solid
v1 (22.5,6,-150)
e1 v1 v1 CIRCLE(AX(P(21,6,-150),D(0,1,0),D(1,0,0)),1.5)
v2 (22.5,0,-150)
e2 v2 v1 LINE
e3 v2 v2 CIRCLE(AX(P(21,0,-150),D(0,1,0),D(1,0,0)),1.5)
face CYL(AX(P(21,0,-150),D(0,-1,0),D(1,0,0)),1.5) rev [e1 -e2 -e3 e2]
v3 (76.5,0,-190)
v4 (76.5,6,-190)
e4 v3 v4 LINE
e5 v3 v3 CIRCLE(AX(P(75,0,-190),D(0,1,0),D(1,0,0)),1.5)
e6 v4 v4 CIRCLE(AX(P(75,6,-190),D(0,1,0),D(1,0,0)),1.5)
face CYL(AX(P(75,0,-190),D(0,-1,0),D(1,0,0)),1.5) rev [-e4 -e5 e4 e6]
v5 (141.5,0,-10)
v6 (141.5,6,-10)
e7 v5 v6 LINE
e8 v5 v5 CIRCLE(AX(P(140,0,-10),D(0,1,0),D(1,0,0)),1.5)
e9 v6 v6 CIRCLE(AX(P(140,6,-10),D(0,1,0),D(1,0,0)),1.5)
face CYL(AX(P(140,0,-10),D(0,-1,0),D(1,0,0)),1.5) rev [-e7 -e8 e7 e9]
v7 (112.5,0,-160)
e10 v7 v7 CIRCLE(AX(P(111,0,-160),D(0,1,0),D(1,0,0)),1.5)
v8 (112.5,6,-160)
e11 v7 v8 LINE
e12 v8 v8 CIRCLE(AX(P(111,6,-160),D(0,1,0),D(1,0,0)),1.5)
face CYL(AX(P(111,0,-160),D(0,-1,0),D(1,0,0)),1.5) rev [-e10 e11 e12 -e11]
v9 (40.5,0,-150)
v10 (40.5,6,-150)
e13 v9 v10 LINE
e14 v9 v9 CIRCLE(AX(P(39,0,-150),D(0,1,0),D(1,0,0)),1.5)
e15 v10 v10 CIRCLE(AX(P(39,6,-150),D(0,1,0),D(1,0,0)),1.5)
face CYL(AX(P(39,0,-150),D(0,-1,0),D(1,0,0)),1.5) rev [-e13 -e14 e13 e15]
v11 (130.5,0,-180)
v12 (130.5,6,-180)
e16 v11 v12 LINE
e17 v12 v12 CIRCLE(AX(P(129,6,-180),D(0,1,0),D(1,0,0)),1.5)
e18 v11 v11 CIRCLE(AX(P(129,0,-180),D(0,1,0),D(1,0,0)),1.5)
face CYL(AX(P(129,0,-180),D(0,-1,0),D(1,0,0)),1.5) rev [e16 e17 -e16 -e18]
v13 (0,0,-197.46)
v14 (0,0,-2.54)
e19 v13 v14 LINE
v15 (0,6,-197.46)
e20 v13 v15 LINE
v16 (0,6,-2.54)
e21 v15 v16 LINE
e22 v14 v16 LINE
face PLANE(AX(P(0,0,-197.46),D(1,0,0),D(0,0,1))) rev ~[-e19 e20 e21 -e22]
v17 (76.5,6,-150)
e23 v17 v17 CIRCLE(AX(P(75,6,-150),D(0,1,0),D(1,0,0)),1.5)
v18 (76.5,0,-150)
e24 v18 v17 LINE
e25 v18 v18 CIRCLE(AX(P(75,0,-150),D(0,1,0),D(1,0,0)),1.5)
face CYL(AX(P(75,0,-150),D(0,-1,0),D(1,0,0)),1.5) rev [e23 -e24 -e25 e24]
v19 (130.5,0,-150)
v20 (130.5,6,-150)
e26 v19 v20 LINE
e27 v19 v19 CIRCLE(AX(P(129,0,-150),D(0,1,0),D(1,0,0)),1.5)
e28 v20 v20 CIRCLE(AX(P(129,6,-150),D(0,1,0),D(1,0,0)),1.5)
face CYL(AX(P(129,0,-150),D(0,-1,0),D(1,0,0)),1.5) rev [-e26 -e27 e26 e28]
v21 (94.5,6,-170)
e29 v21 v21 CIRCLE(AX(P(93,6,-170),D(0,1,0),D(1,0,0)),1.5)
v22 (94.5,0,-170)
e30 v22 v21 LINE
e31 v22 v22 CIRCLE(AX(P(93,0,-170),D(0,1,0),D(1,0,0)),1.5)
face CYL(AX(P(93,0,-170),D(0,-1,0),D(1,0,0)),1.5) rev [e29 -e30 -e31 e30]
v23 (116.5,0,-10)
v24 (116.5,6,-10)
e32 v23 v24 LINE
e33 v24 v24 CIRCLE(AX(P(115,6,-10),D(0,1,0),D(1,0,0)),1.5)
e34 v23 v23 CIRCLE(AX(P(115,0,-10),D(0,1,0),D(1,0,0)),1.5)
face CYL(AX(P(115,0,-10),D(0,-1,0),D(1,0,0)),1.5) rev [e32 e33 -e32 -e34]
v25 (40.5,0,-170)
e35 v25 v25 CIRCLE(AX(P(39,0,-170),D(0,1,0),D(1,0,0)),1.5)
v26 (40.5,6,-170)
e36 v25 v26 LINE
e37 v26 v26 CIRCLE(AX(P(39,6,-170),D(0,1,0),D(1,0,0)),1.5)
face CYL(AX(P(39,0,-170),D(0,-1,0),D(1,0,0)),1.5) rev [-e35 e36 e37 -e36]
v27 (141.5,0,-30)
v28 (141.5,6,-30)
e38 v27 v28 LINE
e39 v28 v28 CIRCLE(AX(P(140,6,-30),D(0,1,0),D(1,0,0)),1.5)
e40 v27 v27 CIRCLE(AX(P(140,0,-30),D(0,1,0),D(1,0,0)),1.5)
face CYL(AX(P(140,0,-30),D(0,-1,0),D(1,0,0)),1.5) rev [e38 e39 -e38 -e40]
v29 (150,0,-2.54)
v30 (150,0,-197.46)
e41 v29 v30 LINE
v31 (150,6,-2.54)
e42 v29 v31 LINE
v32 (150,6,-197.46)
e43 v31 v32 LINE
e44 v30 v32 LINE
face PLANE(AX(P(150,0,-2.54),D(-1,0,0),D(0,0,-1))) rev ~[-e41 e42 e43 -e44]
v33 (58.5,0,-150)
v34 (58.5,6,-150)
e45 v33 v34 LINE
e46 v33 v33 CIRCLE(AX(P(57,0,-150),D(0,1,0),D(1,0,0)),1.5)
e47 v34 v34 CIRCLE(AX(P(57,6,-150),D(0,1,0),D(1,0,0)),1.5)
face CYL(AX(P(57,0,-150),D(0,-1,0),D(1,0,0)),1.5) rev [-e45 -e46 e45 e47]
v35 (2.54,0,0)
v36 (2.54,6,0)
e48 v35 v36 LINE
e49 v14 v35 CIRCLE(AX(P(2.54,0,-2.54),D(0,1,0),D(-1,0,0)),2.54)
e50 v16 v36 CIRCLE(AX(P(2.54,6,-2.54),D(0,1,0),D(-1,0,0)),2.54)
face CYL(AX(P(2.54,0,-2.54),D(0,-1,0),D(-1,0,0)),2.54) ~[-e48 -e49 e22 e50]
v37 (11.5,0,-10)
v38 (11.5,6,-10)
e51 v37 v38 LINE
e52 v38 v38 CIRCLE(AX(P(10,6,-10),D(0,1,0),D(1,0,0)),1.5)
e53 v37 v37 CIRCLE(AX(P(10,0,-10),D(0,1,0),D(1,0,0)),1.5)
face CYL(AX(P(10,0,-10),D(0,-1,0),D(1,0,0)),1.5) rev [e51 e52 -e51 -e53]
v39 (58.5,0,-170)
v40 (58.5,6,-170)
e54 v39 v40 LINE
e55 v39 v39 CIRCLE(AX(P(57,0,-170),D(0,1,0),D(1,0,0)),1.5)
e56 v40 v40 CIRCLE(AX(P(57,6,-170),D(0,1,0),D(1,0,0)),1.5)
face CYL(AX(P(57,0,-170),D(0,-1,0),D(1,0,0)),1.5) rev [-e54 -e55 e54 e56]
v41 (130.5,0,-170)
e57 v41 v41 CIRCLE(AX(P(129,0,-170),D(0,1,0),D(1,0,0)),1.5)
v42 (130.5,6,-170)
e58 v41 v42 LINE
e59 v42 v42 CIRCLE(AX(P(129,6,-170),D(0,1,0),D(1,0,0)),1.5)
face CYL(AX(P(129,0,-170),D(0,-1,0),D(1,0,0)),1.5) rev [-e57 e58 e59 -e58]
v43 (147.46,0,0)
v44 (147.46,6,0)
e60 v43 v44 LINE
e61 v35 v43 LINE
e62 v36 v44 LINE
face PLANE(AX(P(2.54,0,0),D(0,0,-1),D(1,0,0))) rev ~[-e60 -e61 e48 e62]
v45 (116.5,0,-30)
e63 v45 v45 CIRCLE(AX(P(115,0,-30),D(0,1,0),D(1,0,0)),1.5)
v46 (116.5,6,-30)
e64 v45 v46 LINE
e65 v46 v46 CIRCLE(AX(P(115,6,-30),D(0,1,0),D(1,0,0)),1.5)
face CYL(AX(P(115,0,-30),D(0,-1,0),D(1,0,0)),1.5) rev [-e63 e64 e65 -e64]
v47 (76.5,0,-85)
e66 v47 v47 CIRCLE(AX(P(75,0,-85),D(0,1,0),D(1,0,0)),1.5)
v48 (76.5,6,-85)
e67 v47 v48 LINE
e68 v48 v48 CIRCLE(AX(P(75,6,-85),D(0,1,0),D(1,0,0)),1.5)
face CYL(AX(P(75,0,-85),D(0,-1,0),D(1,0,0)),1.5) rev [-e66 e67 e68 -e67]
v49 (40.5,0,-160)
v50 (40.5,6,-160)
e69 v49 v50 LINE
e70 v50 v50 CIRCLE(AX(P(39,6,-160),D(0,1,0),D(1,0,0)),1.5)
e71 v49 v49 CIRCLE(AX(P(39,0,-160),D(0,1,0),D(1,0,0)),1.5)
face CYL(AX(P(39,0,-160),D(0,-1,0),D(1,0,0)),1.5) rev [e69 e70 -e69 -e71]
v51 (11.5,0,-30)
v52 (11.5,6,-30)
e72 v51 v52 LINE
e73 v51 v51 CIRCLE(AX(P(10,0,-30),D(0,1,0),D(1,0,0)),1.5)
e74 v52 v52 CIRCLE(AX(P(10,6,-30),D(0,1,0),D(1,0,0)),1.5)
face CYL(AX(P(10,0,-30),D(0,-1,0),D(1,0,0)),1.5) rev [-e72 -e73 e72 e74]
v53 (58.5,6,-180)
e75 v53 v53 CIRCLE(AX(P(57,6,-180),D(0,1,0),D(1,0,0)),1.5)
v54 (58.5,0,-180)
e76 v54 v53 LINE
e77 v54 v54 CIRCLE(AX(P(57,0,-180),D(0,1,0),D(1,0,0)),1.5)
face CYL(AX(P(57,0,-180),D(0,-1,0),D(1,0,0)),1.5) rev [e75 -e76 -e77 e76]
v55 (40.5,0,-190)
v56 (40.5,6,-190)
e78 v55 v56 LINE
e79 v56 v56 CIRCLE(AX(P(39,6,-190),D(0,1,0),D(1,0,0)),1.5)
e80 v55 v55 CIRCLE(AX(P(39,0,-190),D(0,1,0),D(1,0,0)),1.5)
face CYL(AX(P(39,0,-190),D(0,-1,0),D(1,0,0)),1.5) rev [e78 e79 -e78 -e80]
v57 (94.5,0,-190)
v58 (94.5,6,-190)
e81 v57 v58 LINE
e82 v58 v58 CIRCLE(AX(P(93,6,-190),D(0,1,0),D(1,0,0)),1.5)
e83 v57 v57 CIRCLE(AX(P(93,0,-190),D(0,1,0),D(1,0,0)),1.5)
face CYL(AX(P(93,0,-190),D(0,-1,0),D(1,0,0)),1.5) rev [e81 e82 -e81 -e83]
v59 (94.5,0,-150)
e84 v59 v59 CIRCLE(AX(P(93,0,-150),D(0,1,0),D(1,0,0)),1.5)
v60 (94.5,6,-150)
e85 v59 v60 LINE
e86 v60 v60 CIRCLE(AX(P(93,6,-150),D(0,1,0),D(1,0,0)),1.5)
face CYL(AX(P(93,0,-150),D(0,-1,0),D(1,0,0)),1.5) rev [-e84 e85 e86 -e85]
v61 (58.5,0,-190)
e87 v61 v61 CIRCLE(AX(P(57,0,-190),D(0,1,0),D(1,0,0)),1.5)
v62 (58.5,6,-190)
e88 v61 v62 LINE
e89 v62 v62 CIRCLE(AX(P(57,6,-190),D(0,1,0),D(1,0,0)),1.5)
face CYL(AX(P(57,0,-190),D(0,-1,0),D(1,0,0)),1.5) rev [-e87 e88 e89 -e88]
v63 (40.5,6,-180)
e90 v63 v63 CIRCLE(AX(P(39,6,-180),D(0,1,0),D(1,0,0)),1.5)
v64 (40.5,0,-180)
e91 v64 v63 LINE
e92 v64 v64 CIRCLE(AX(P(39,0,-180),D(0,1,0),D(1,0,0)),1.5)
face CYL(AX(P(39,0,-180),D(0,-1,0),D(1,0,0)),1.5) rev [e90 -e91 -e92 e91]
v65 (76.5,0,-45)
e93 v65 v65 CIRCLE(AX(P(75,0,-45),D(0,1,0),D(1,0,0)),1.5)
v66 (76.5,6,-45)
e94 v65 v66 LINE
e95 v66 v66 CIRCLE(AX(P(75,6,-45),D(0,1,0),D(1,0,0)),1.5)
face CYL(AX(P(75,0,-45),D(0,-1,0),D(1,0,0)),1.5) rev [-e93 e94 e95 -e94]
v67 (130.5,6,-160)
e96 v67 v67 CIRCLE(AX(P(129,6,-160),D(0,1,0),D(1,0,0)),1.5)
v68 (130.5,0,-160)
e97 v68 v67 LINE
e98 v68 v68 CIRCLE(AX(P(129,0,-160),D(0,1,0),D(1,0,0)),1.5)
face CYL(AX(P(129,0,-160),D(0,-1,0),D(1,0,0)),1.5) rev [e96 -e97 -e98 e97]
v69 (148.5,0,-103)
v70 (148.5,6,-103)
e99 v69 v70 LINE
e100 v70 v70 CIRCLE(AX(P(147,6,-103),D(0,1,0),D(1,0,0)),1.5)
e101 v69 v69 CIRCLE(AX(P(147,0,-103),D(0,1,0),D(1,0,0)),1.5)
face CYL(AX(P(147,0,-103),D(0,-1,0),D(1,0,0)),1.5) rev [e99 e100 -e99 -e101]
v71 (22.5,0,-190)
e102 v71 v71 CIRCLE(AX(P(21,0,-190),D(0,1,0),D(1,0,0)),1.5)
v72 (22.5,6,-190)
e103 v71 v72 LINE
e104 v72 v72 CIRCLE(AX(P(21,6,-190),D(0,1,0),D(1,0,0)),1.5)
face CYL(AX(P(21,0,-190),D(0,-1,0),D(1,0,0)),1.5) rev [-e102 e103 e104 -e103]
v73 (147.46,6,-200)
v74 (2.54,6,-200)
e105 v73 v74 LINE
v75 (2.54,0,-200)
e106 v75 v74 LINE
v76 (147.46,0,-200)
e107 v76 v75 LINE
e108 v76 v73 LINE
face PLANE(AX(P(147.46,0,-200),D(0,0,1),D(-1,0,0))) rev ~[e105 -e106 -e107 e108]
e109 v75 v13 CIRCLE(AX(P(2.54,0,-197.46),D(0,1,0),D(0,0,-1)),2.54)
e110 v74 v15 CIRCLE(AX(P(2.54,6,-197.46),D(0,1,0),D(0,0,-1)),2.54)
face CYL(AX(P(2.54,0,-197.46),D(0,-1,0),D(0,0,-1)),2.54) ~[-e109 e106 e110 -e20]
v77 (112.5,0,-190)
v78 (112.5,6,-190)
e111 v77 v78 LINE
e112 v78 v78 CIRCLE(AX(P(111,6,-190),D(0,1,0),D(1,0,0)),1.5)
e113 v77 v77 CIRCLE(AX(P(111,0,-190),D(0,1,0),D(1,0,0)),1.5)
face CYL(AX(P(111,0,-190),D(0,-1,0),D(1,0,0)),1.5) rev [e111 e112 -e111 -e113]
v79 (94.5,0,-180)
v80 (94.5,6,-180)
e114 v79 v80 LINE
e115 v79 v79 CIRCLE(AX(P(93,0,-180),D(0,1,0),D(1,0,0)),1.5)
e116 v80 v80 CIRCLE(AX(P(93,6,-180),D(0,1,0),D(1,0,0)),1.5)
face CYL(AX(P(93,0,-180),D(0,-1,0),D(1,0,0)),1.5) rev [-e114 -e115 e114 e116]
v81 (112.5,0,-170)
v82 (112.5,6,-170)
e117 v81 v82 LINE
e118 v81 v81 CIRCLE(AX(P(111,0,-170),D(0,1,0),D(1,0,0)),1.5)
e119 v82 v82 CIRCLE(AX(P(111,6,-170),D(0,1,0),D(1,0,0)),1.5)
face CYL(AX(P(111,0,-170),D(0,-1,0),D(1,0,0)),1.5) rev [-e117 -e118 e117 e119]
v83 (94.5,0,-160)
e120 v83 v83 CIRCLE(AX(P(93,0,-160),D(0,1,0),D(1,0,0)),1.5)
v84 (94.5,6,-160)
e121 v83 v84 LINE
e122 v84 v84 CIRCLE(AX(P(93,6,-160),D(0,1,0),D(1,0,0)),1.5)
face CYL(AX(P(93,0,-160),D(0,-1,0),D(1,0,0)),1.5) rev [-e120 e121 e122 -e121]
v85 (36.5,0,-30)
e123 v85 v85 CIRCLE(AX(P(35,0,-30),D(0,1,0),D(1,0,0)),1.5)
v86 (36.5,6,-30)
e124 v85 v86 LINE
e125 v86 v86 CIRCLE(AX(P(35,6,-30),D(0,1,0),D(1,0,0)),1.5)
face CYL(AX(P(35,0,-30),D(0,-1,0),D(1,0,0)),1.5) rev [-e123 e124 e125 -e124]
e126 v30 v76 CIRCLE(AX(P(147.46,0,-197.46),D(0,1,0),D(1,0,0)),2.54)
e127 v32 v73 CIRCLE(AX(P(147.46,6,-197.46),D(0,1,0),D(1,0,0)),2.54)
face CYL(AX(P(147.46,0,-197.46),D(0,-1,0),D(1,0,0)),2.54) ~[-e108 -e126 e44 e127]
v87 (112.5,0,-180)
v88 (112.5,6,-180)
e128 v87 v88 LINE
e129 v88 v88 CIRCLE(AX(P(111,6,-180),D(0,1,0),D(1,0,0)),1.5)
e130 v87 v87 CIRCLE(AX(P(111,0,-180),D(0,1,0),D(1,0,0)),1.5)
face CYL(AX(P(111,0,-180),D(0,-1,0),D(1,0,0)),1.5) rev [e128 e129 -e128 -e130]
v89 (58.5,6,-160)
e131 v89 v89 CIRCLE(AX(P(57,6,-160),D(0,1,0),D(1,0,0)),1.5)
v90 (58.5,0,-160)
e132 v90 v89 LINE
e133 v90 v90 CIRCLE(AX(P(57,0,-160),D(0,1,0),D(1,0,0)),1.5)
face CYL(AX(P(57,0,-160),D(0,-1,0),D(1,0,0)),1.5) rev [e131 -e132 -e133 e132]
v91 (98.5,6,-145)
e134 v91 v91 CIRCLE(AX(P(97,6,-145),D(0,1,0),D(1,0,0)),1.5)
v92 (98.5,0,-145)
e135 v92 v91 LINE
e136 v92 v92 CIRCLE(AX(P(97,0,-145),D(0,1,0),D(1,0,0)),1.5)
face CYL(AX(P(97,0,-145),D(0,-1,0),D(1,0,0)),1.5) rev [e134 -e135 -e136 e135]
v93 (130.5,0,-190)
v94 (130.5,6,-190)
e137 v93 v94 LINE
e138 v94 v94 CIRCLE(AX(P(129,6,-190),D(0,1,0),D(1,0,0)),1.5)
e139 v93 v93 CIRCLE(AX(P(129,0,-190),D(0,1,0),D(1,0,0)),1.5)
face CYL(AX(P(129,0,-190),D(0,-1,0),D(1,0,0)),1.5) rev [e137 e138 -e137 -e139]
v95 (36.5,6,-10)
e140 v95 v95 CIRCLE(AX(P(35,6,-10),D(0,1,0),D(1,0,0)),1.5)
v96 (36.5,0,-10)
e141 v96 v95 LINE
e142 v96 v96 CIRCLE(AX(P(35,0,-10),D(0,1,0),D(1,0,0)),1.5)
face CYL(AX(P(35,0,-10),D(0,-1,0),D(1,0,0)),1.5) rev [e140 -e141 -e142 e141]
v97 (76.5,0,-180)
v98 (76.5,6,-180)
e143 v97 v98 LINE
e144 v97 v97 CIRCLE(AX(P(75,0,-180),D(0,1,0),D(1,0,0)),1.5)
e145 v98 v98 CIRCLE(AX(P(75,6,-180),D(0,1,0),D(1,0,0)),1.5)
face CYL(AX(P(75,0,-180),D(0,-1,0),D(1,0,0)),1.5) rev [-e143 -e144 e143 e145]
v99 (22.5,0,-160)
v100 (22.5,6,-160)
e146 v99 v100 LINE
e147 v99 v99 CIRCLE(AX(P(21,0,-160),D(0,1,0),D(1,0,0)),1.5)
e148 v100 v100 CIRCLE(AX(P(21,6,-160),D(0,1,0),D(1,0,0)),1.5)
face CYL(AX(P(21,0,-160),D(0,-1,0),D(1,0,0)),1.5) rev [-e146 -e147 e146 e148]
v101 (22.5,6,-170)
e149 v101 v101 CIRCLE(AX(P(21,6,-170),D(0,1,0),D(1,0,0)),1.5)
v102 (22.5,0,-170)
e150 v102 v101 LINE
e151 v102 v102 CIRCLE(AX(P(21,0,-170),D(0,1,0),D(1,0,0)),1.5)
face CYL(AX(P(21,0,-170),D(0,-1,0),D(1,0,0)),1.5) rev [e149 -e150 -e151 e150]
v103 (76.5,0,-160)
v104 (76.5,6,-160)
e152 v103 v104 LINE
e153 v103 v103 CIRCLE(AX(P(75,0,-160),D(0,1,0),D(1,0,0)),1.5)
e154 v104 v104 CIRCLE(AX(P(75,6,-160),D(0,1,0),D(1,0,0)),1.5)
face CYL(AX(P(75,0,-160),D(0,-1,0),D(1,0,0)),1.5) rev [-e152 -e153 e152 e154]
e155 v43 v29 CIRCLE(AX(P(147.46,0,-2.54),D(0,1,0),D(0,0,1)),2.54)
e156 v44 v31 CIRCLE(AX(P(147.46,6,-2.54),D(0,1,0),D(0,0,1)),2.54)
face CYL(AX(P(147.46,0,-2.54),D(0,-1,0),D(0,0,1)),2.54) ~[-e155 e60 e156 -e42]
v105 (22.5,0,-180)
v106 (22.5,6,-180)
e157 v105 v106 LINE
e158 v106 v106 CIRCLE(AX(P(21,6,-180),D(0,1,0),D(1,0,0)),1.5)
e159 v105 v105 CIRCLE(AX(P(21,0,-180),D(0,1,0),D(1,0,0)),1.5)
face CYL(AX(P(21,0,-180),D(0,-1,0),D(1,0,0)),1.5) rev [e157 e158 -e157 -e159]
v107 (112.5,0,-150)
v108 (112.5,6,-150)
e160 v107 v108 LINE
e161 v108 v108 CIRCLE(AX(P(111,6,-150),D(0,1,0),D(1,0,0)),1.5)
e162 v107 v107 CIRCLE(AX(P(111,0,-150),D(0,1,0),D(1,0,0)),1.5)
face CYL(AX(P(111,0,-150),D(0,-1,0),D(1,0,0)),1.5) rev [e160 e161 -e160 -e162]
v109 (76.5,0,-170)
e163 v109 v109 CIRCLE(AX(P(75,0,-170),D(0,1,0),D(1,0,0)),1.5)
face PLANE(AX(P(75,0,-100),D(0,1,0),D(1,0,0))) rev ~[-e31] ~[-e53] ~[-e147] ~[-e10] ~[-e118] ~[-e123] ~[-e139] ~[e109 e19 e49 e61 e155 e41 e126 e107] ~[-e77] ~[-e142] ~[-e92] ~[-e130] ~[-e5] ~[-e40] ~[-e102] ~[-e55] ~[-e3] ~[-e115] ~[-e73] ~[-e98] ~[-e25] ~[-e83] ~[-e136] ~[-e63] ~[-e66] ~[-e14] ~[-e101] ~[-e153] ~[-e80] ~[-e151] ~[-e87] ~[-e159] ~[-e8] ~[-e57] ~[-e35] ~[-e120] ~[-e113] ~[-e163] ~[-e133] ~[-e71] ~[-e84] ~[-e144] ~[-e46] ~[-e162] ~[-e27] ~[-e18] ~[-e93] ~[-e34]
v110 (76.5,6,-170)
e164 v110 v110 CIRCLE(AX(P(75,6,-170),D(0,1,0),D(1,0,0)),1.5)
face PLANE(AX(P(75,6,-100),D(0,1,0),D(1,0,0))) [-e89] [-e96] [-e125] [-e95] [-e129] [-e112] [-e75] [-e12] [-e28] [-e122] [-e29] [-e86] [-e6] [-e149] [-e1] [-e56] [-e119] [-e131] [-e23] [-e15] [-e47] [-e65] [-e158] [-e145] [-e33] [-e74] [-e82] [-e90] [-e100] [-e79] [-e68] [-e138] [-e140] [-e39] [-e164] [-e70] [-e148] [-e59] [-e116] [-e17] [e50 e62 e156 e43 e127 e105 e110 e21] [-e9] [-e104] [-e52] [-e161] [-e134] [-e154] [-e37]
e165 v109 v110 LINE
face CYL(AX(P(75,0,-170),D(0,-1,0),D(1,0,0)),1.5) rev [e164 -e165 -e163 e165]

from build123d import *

# Parameters (mm, degrees)
SKETCH1_R           = 1.5
BOSS_EXTRUDE1_DEPTH = 6


with BuildPart() as part:
    # Sketch1 → Boss-Extrude1 (new body)
    with BuildSketch(Plane(origin=(0, 0, 0), x_dir=(1, 0, 0), z_dir=(0, 1, 0))):
        with BuildLine():
            Line((2.54, 0), (147.46, 0))
            ThreePointArc((147.46, 0), (149.256051224, 0.743948776), (150, 2.54))
            Line((150, 2.54), (150, 197.46))
            ThreePointArc((150, 197.46), (149.256051224, 199.256051224), (147.46, 200))
            Line((147.46, 200), (2.54, 200))
            ThreePointArc((2.54, 200), (0.743948776, 199.256051224), (0, 197.46))
            Line((0, 197.46), (0, 2.54))
            ThreePointArc((0, 2.54), (0.743948776, 0.743948776), (2.54, 0))
        make_face()
        with Locations((10, 30)):
            Circle(SKETCH1_R, mode=Mode.SUBTRACT)
        with Locations((35, 30)):
            Circle(SKETCH1_R, mode=Mode.SUBTRACT)
        with Locations((35, 10)):
            Circle(SKETCH1_R, mode=Mode.SUBTRACT)
        with Locations((10, 10)):
            Circle(SKETCH1_R, mode=Mode.SUBTRACT)
        with Locations((140, 10)):
            Circle(SKETCH1_R, mode=Mode.SUBTRACT)
        with Locations((115, 10)):
            Circle(SKETCH1_R, mode=Mode.SUBTRACT)
        with Locations((115, 30)):
            Circle(SKETCH1_R, mode=Mode.SUBTRACT)
        with Locations((140, 30)):
            Circle(SKETCH1_R, mode=Mode.SUBTRACT)
        with Locations((75, 150)):
            Circle(SKETCH1_R, mode=Mode.SUBTRACT)
        with Locations((39, 150)):
            Circle(SKETCH1_R, mode=Mode.SUBTRACT)
        with Locations((21, 150)):
            Circle(SKETCH1_R, mode=Mode.SUBTRACT)
        with Locations((57, 150)):
            Circle(SKETCH1_R, mode=Mode.SUBTRACT)
        with Locations((93, 150)):
            Circle(SKETCH1_R, mode=Mode.SUBTRACT)
        with Locations((111, 150)):
            Circle(SKETCH1_R, mode=Mode.SUBTRACT)
        with Locations((129, 150)):
            Circle(SKETCH1_R, mode=Mode.SUBTRACT)
        with Locations((129, 160)):
            Circle(SKETCH1_R, mode=Mode.SUBTRACT)
        with Locations((111, 160)):
            Circle(SKETCH1_R, mode=Mode.SUBTRACT)
        with Locations((93, 160)):
            Circle(SKETCH1_R, mode=Mode.SUBTRACT)
        with Locations((75, 160)):
            Circle(SKETCH1_R, mode=Mode.SUBTRACT)
        with Locations((57, 160)):
            Circle(SKETCH1_R, mode=Mode.SUBTRACT)
        with Locations((39, 160)):
            Circle(SKETCH1_R, mode=Mode.SUBTRACT)
        with Locations((21, 160)):
            Circle(SKETCH1_R, mode=Mode.SUBTRACT)
        with Locations((129, 170)):
            Circle(SKETCH1_R, mode=Mode.SUBTRACT)
        with Locations((111, 170)):
            Circle(SKETCH1_R, mode=Mode.SUBTRACT)
        with Locations((93, 170)):
            Circle(SKETCH1_R, mode=Mode.SUBTRACT)
        with Locations((75, 170)):
            Circle(SKETCH1_R, mode=Mode.SUBTRACT)
        with Locations((57, 170)):
            Circle(SKETCH1_R, mode=Mode.SUBTRACT)
        with Locations((39, 170)):
            Circle(SKETCH1_R, mode=Mode.SUBTRACT)
        with Locations((21, 170)):
            Circle(SKETCH1_R, mode=Mode.SUBTRACT)
        with Locations((129, 180)):
            Circle(SKETCH1_R, mode=Mode.SUBTRACT)
        with Locations((111, 180)):
            Circle(SKETCH1_R, mode=Mode.SUBTRACT)
        with Locations((93, 180)):
            Circle(SKETCH1_R, mode=Mode.SUBTRACT)
        with Locations((75, 180)):
            Circle(SKETCH1_R, mode=Mode.SUBTRACT)
        with Locations((57, 180)):
            Circle(SKETCH1_R, mode=Mode.SUBTRACT)
        with Locations((39, 180)):
            Circle(SKETCH1_R, mode=Mode.SUBTRACT)
        with Locations((21, 180)):
            Circle(SKETCH1_R, mode=Mode.SUBTRACT)
        with Locations((129, 190)):
            Circle(SKETCH1_R, mode=Mode.SUBTRACT)
        with Locations((111, 190)):
            Circle(SKETCH1_R, mode=Mode.SUBTRACT)
        with Locations((93, 190)):
            Circle(SKETCH1_R, mode=Mode.SUBTRACT)
        with Locations((75, 190)):
            Circle(SKETCH1_R, mode=Mode.SUBTRACT)
        with Locations((57, 190)):
            Circle(SKETCH1_R, mode=Mode.SUBTRACT)
        with Locations((39, 190)):
            Circle(SKETCH1_R, mode=Mode.SUBTRACT)
        with Locations((21, 190)):
            Circle(SKETCH1_R, mode=Mode.SUBTRACT)
        with Locations((75, 45)):
            Circle(SKETCH1_R, mode=Mode.SUBTRACT)
        with Locations((75, 85)):
            Circle(SKETCH1_R, mode=Mode.SUBTRACT)
        with Locations((147, 103)):
            Circle(SKETCH1_R, mode=Mode.SUBTRACT)
        with Locations((97, 145)):
            Circle(SKETCH1_R, mode=Mode.SUBTRACT)
    extrude(amount=BOSS_EXTRUDE1_DEPTH)


solid = part.part
